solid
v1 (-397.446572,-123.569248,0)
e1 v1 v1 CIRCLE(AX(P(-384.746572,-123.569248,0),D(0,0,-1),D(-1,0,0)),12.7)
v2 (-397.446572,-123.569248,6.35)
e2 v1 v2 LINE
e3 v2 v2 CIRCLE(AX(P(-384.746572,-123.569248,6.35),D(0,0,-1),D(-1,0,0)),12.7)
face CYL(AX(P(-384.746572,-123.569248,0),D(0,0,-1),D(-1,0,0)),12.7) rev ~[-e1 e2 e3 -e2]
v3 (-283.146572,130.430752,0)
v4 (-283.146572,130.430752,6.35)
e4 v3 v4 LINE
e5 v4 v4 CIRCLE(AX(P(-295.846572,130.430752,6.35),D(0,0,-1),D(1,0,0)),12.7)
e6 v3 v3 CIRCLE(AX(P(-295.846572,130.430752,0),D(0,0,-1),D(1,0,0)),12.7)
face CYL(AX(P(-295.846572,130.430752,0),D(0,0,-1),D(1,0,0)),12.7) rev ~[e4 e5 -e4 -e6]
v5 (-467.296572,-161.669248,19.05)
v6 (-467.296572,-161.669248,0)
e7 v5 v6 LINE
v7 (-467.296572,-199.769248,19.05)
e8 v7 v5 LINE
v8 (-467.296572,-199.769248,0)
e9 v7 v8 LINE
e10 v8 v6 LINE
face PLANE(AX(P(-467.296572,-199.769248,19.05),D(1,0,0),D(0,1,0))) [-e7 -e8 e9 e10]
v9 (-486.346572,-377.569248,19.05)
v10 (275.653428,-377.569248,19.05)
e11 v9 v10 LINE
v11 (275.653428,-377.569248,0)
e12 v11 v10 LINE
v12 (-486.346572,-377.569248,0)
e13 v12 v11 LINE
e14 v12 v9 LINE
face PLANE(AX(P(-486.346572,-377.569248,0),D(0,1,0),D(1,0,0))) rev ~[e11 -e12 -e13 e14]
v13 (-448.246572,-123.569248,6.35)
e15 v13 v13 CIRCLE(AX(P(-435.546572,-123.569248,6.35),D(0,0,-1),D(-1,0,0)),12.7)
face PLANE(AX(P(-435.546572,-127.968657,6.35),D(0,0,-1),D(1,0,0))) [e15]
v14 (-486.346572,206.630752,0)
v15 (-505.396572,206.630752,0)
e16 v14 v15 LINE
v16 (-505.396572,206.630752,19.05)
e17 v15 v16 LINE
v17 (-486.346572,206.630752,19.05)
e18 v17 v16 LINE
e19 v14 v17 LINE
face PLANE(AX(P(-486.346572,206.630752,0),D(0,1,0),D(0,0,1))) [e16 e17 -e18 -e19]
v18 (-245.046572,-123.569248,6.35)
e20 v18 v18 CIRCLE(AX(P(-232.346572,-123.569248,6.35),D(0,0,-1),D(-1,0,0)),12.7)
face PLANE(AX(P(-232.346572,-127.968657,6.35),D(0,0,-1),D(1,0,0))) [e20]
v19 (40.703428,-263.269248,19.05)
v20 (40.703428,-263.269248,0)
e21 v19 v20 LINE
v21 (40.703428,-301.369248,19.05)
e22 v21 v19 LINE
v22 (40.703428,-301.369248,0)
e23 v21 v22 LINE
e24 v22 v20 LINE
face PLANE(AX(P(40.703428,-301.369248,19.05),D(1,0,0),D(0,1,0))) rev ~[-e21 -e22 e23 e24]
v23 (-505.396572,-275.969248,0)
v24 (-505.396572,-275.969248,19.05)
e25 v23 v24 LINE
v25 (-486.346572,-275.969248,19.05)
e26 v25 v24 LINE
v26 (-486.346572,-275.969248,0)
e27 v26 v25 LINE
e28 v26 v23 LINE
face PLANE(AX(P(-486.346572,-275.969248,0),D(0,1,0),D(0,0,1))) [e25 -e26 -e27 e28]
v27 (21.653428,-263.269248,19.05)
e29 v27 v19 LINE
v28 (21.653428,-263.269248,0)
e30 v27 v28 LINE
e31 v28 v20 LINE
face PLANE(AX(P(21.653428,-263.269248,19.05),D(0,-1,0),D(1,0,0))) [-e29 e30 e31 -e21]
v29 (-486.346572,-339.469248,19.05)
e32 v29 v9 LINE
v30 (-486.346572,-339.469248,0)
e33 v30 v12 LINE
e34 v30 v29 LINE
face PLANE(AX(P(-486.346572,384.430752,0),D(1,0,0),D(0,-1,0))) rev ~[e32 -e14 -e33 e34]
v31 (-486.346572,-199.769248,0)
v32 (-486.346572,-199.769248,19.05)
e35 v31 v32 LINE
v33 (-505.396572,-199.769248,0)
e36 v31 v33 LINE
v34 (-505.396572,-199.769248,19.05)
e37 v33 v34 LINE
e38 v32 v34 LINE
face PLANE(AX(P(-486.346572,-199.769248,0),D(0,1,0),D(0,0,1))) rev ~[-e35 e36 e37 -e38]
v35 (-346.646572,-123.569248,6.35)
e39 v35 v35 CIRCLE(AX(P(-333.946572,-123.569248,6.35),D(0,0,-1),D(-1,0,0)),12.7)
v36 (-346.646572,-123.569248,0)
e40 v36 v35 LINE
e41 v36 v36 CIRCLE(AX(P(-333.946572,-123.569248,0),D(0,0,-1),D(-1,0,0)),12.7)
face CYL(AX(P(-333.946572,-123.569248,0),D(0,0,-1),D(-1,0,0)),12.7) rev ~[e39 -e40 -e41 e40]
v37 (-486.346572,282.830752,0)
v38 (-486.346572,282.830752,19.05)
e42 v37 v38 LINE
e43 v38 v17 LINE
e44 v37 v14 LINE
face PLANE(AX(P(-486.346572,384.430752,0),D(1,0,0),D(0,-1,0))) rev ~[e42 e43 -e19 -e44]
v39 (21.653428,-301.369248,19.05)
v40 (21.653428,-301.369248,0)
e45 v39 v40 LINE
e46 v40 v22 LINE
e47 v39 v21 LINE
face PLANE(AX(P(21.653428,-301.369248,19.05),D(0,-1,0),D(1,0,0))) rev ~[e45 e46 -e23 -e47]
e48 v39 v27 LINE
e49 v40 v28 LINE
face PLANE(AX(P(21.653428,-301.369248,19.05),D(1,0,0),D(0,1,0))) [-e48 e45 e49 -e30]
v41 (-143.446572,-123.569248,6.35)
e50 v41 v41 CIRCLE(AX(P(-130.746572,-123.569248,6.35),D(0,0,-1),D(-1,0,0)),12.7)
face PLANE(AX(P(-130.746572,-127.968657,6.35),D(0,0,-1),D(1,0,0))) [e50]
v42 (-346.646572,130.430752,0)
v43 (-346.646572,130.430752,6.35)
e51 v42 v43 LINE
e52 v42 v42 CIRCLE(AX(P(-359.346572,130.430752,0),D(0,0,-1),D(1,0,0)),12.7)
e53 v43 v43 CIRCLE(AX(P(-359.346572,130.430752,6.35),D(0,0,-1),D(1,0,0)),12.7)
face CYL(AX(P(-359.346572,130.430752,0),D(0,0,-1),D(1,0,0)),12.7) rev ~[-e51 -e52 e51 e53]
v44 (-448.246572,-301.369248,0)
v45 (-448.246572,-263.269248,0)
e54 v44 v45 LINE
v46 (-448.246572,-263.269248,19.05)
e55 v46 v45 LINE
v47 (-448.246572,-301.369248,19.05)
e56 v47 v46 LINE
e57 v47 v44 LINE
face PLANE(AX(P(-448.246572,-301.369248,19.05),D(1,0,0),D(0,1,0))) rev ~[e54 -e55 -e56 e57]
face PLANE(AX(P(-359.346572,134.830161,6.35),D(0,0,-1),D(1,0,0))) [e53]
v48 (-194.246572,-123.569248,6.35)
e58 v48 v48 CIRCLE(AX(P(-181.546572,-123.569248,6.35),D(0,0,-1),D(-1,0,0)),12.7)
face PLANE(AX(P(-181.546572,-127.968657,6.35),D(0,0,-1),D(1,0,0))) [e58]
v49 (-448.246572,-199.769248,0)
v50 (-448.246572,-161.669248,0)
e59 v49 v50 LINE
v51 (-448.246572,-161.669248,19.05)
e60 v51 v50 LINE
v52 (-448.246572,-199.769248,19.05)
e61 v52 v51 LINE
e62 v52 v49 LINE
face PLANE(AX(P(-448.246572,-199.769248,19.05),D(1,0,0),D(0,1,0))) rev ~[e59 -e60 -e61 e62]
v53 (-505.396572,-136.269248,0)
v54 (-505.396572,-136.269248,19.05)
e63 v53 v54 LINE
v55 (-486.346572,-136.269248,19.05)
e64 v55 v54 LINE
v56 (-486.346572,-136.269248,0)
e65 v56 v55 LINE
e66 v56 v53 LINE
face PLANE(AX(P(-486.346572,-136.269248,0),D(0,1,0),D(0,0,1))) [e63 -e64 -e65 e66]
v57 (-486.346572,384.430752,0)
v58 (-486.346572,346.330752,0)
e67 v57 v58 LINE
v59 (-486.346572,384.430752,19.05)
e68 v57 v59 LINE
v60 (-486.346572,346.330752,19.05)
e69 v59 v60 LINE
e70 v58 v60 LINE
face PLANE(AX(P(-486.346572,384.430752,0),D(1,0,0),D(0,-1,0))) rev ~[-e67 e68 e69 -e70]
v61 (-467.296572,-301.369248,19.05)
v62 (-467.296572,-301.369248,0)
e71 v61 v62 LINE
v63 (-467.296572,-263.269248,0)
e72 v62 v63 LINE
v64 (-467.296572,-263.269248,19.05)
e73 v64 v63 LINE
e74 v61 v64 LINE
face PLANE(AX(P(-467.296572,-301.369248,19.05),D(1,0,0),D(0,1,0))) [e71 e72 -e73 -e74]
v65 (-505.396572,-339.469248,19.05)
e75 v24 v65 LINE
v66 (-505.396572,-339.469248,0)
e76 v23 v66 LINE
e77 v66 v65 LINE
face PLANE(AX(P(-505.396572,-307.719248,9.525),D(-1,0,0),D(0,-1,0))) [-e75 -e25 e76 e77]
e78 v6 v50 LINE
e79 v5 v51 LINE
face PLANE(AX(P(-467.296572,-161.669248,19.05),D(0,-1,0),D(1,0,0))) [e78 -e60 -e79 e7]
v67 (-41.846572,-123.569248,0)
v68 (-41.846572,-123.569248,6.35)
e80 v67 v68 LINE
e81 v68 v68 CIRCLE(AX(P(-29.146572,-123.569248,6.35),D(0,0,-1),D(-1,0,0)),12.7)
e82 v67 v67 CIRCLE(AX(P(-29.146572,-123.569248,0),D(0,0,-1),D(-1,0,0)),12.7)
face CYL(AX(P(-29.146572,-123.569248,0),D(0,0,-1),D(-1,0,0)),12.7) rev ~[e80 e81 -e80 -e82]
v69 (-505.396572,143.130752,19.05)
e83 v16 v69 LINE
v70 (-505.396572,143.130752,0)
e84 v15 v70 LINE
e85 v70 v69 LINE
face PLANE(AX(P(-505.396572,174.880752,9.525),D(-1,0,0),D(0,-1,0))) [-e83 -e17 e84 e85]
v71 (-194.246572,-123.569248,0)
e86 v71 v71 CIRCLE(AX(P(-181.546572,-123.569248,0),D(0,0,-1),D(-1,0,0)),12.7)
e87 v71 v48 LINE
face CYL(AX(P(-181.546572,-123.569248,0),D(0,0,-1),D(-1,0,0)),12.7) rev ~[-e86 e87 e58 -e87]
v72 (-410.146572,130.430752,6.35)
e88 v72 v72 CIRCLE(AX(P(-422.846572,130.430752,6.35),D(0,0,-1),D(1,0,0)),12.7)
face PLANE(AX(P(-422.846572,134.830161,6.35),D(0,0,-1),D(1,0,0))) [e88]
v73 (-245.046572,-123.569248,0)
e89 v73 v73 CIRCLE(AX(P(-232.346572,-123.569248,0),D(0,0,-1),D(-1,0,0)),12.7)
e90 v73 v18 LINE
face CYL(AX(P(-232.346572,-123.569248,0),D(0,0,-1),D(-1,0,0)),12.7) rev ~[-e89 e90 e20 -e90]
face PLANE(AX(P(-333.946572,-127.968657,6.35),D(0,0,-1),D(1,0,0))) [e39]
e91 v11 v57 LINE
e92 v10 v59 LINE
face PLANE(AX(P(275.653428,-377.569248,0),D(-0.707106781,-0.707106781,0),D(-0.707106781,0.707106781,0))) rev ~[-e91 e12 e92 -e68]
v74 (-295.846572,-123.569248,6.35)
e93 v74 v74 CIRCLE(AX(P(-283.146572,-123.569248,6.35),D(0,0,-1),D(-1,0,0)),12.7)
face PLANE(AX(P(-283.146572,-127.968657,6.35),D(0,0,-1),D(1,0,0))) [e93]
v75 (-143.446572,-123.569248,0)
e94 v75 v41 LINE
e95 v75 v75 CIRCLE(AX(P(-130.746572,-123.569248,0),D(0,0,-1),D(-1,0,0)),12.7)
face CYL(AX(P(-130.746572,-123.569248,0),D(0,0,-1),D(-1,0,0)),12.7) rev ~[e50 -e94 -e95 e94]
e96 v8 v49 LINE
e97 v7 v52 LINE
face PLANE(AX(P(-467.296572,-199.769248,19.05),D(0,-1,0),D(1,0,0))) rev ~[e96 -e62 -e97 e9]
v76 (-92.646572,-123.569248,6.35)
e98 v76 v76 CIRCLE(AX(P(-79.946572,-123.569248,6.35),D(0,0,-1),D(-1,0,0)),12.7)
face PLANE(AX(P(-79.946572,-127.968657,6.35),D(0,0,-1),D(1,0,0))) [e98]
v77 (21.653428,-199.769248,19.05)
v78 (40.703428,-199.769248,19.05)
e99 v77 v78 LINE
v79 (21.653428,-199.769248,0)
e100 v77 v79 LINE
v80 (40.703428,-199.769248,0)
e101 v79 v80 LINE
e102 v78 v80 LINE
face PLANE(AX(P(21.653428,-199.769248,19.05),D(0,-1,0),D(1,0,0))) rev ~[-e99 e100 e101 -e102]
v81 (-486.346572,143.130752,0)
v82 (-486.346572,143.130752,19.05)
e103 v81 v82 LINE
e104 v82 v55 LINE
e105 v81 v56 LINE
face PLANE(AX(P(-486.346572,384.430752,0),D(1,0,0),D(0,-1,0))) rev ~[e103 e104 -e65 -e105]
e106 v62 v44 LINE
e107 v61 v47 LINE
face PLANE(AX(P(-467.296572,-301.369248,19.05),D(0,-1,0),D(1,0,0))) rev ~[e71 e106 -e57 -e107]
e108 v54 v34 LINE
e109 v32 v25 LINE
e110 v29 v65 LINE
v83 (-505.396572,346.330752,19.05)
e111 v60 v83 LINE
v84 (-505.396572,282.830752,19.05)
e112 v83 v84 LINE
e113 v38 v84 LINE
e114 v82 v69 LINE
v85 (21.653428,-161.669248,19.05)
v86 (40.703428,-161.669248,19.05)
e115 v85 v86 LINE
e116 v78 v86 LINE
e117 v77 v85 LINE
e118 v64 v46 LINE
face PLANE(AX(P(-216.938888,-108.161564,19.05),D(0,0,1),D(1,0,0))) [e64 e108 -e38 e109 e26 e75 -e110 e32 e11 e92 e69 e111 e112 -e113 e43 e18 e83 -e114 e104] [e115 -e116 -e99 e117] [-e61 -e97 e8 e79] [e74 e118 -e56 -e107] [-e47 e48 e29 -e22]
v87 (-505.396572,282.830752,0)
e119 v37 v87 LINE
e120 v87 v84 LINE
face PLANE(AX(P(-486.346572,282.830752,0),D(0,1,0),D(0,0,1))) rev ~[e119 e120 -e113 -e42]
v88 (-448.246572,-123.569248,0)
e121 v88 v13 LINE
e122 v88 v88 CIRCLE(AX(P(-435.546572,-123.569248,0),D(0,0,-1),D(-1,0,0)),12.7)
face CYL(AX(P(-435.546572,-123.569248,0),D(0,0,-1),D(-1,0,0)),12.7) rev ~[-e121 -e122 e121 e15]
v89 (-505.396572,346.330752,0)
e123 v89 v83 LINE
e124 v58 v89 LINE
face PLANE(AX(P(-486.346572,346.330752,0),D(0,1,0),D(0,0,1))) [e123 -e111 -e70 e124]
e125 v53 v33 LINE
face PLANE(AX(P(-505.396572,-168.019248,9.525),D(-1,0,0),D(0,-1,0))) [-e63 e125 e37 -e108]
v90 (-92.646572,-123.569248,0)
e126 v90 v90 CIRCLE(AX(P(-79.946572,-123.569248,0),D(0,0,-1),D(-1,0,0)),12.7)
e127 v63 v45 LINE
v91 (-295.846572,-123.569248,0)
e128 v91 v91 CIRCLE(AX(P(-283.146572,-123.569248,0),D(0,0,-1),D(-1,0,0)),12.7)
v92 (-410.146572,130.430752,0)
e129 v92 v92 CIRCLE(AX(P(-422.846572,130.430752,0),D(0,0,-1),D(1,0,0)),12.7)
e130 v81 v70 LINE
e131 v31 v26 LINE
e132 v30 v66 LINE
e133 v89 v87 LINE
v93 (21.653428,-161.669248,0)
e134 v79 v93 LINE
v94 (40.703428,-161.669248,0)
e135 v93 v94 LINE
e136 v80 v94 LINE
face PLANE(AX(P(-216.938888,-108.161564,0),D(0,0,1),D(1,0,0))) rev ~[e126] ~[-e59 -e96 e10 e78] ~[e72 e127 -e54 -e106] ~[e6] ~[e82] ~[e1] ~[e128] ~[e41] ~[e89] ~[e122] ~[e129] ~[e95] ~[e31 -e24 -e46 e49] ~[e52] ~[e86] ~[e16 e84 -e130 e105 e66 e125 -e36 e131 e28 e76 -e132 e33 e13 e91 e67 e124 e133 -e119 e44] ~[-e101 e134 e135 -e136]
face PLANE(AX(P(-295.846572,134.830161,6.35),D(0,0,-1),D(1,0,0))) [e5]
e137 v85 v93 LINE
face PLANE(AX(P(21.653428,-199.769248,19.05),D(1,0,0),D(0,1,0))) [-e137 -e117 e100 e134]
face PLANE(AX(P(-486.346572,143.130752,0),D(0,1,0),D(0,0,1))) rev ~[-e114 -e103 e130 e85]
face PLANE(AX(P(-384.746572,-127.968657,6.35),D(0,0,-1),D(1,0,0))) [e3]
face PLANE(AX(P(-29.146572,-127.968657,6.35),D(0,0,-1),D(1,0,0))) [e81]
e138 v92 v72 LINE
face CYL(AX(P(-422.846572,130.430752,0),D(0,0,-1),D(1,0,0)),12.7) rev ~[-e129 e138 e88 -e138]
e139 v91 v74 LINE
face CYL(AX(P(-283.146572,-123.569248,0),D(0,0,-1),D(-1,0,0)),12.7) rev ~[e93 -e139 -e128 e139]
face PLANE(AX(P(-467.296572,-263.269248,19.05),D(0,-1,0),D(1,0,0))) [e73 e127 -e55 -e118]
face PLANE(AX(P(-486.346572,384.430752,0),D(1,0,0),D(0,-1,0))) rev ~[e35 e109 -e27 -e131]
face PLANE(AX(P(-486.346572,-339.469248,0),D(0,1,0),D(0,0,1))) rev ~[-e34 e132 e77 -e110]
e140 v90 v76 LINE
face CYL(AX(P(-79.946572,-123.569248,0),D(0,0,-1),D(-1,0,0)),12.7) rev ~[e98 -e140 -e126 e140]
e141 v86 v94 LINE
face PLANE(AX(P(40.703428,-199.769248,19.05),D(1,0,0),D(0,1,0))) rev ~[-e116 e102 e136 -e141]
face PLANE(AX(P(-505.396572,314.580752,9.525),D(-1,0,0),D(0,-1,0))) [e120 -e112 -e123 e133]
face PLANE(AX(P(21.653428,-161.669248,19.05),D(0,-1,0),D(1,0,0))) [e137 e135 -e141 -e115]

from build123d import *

# Parameters (mm, degrees)
F1_DEPTH = 19.05
F3_DEPTH = 6.35
F4_W     = 19.05
F4_H     = 38.1
F5_DEPTH = 25.4
F6_W     = 63.5
F6_H     = 19.05
F7_DEPTH = 19.05


with BuildPart() as f1:
    # F0 (on Top) → F1 (new body)
    with BuildSketch(Plane.XY):
        Polygon((-486.346572, 384.430752), (-486.346572, -377.569248), (275.653428, -377.569248), align=None)
    extrude(amount=F1_DEPTH)

    # F2 (on face) → F3 (cut)
    with BuildSketch(Plane(origin=(0, 0, 0), x_dir=(1, 0, 0), z_dir=(0, 0, -1))):
        with BuildLine():
            ThreePointArc((-422.846572, 123.569248), (-435.546572, 136.269248), (-448.246572, 123.569248))
            Line((-448.246572, 123.569248), (-422.846572, 123.569248))
        make_face()
        with BuildLine():
            ThreePointArc((-16.446572, 123.569248), (-29.146572, 136.269248), (-41.846572, 123.569248))
            Line((-41.846572, 123.569248), (-16.446572, 123.569248))
        make_face()
        with BuildLine():
            Line((-16.446572, 123.569248), (-41.846572, 123.569248))
            ThreePointArc((-41.846572, 123.569248), (-29.146572, 110.869248), (-16.446572, 123.569248))
        make_face()
        with BuildLine():
            ThreePointArc((-67.246572, 123.569248), (-79.946572, 136.269248), (-92.646572, 123.569248))
            Line((-92.646572, 123.569248), (-67.246572, 123.569248))
        make_face()
        with BuildLine():
            Line((-67.246572, 123.569248), (-92.646572, 123.569248))
            ThreePointArc((-92.646572, 123.569248), (-79.946572, 110.869248), (-67.246572, 123.569248))
        make_face()
        with BuildLine():
            ThreePointArc((-118.046572, 123.569248), (-130.746572, 136.269248), (-143.446572, 123.569248))
            Line((-143.446572, 123.569248), (-118.046572, 123.569248))
        make_face()
        with BuildLine():
            Line((-118.046572, 123.569248), (-143.446572, 123.569248))
            ThreePointArc((-143.446572, 123.569248), (-130.746572, 110.869248), (-118.046572, 123.569248))
        make_face()
        with BuildLine():
            ThreePointArc((-168.846572, 123.569248), (-181.546572, 136.269248), (-194.246572, 123.569248))
            Line((-194.246572, 123.569248), (-168.846572, 123.569248))
        make_face()
        with BuildLine():
            Line((-168.846572, 123.569248), (-194.246572, 123.569248))
            ThreePointArc((-194.246572, 123.569248), (-181.546572, 110.869248), (-168.846572, 123.569248))
        make_face()
        with BuildLine():
            ThreePointArc((-219.646572, 123.569248), (-232.346572, 136.269248), (-245.046572, 123.569248))
            Line((-245.046572, 123.569248), (-219.646572, 123.569248))
        make_face()
        with BuildLine():
            Line((-219.646572, 123.569248), (-245.046572, 123.569248))
            ThreePointArc((-245.046572, 123.569248), (-232.346572, 110.869248), (-219.646572, 123.569248))
        make_face()
        with BuildLine():
            ThreePointArc((-270.446572, 123.569248), (-283.146572, 136.269248), (-295.846572, 123.569248))
            Line((-295.846572, 123.569248), (-270.446572, 123.569248))
        make_face()
        with BuildLine():
            Line((-270.446572, 123.569248), (-295.846572, 123.569248))
            ThreePointArc((-295.846572, 123.569248), (-283.146572, 110.869248), (-270.446572, 123.569248))
        make_face()
        with BuildLine():
            ThreePointArc((-321.246572, 123.569248), (-333.946572, 136.269248), (-346.646572, 123.569248))
            Line((-346.646572, 123.569248), (-321.246572, 123.569248))
        make_face()
        with BuildLine():
            Line((-321.246572, 123.569248), (-346.646572, 123.569248))
            ThreePointArc((-346.646572, 123.569248), (-333.946572, 110.869248), (-321.246572, 123.569248))
        make_face()
        with BuildLine():
            ThreePointArc((-372.046572, 123.569248), (-384.746572, 136.269248), (-397.446572, 123.569248))
            Line((-397.446572, 123.569248), (-372.046572, 123.569248))
        make_face()
        with BuildLine():
            Line((-372.046572, 123.569248), (-397.446572, 123.569248))
            ThreePointArc((-397.446572, 123.569248), (-384.746572, 110.869248), (-372.046572, 123.569248))
        make_face()
        with BuildLine():
            Line((-422.846572, 123.569248), (-448.246572, 123.569248))
            ThreePointArc((-448.246572, 123.569248), (-435.546572, 110.869248), (-422.846572, 123.569248))
        make_face()
        with BuildLine():
            ThreePointArc((-308.546572, -130.430752), (-295.846572, -143.130752), (-283.146572, -130.430752))
            Line((-283.146572, -130.430752), (-308.546572, -130.430752))
        make_face()
        with BuildLine():
            Line((-308.546572, -130.430752), (-283.146572, -130.430752))
            ThreePointArc((-283.146572, -130.430752), (-295.846572, -117.730752), (-308.546572, -130.430752))
        make_face()
        with BuildLine():
            ThreePointArc((-435.546572, -130.430752), (-422.846572, -143.130752), (-410.146572, -130.430752))
            Line((-410.146572, -130.430752), (-435.546572, -130.430752))
        make_face()
        with BuildLine():
            Line((-435.546572, -130.430752), (-410.146572, -130.430752))
            ThreePointArc((-410.146572, -130.430752), (-422.846572, -117.730752), (-435.546572, -130.430752))
        make_face()
        with BuildLine():
            ThreePointArc((-372.046572, -130.430752), (-359.346572, -143.130752), (-346.646572, -130.430752))
            Line((-346.646572, -130.430752), (-372.046572, -130.430752))
        make_face()
        with BuildLine():
            Line((-372.046572, -130.430752), (-346.646572, -130.430752))
            ThreePointArc((-346.646572, -130.430752), (-359.346572, -117.730752), (-372.046572, -130.430752))
        make_face()
    extrude(amount=-F3_DEPTH, mode=Mode.SUBTRACT)

    # F4 (on face) → F5 (cut)
    with BuildSketch(Plane.XY.offset(19.05)):
        with Locations((-457.771572, -282.319248)):
            Rectangle(F4_W, F4_H)
        with Locations((-457.771572, -180.719248)):
            Rectangle(F4_W, F4_H)
        with Locations((31.178428, -282.319248)):
            Rectangle(F4_W, F4_H)
        with Locations((31.178428, -180.719248)):
            Rectangle(F4_W, F4_H)
    extrude(amount=-F5_DEPTH, mode=Mode.SUBTRACT)

    # F6 (on face) → F7 (join)
    with BuildSketch(Plane(origin=(-486.346572, 0, 0), x_dir=(0, -1, 0), z_dir=(-1, 0, 0))):
        with Locations((-314.580752, 9.525)):
            Rectangle(F6_W, F6_H)
        with Locations((307.719248, 9.525)):
            Rectangle(F6_W, F6_H)
        with Locations((168.019248, 9.525)):
            Rectangle(F6_W, F6_H)
        with Locations((-174.880752, 9.525)):
            Rectangle(F6_W, F6_H)
    extrude(amount=F7_DEPTH)


solid = f1.part
